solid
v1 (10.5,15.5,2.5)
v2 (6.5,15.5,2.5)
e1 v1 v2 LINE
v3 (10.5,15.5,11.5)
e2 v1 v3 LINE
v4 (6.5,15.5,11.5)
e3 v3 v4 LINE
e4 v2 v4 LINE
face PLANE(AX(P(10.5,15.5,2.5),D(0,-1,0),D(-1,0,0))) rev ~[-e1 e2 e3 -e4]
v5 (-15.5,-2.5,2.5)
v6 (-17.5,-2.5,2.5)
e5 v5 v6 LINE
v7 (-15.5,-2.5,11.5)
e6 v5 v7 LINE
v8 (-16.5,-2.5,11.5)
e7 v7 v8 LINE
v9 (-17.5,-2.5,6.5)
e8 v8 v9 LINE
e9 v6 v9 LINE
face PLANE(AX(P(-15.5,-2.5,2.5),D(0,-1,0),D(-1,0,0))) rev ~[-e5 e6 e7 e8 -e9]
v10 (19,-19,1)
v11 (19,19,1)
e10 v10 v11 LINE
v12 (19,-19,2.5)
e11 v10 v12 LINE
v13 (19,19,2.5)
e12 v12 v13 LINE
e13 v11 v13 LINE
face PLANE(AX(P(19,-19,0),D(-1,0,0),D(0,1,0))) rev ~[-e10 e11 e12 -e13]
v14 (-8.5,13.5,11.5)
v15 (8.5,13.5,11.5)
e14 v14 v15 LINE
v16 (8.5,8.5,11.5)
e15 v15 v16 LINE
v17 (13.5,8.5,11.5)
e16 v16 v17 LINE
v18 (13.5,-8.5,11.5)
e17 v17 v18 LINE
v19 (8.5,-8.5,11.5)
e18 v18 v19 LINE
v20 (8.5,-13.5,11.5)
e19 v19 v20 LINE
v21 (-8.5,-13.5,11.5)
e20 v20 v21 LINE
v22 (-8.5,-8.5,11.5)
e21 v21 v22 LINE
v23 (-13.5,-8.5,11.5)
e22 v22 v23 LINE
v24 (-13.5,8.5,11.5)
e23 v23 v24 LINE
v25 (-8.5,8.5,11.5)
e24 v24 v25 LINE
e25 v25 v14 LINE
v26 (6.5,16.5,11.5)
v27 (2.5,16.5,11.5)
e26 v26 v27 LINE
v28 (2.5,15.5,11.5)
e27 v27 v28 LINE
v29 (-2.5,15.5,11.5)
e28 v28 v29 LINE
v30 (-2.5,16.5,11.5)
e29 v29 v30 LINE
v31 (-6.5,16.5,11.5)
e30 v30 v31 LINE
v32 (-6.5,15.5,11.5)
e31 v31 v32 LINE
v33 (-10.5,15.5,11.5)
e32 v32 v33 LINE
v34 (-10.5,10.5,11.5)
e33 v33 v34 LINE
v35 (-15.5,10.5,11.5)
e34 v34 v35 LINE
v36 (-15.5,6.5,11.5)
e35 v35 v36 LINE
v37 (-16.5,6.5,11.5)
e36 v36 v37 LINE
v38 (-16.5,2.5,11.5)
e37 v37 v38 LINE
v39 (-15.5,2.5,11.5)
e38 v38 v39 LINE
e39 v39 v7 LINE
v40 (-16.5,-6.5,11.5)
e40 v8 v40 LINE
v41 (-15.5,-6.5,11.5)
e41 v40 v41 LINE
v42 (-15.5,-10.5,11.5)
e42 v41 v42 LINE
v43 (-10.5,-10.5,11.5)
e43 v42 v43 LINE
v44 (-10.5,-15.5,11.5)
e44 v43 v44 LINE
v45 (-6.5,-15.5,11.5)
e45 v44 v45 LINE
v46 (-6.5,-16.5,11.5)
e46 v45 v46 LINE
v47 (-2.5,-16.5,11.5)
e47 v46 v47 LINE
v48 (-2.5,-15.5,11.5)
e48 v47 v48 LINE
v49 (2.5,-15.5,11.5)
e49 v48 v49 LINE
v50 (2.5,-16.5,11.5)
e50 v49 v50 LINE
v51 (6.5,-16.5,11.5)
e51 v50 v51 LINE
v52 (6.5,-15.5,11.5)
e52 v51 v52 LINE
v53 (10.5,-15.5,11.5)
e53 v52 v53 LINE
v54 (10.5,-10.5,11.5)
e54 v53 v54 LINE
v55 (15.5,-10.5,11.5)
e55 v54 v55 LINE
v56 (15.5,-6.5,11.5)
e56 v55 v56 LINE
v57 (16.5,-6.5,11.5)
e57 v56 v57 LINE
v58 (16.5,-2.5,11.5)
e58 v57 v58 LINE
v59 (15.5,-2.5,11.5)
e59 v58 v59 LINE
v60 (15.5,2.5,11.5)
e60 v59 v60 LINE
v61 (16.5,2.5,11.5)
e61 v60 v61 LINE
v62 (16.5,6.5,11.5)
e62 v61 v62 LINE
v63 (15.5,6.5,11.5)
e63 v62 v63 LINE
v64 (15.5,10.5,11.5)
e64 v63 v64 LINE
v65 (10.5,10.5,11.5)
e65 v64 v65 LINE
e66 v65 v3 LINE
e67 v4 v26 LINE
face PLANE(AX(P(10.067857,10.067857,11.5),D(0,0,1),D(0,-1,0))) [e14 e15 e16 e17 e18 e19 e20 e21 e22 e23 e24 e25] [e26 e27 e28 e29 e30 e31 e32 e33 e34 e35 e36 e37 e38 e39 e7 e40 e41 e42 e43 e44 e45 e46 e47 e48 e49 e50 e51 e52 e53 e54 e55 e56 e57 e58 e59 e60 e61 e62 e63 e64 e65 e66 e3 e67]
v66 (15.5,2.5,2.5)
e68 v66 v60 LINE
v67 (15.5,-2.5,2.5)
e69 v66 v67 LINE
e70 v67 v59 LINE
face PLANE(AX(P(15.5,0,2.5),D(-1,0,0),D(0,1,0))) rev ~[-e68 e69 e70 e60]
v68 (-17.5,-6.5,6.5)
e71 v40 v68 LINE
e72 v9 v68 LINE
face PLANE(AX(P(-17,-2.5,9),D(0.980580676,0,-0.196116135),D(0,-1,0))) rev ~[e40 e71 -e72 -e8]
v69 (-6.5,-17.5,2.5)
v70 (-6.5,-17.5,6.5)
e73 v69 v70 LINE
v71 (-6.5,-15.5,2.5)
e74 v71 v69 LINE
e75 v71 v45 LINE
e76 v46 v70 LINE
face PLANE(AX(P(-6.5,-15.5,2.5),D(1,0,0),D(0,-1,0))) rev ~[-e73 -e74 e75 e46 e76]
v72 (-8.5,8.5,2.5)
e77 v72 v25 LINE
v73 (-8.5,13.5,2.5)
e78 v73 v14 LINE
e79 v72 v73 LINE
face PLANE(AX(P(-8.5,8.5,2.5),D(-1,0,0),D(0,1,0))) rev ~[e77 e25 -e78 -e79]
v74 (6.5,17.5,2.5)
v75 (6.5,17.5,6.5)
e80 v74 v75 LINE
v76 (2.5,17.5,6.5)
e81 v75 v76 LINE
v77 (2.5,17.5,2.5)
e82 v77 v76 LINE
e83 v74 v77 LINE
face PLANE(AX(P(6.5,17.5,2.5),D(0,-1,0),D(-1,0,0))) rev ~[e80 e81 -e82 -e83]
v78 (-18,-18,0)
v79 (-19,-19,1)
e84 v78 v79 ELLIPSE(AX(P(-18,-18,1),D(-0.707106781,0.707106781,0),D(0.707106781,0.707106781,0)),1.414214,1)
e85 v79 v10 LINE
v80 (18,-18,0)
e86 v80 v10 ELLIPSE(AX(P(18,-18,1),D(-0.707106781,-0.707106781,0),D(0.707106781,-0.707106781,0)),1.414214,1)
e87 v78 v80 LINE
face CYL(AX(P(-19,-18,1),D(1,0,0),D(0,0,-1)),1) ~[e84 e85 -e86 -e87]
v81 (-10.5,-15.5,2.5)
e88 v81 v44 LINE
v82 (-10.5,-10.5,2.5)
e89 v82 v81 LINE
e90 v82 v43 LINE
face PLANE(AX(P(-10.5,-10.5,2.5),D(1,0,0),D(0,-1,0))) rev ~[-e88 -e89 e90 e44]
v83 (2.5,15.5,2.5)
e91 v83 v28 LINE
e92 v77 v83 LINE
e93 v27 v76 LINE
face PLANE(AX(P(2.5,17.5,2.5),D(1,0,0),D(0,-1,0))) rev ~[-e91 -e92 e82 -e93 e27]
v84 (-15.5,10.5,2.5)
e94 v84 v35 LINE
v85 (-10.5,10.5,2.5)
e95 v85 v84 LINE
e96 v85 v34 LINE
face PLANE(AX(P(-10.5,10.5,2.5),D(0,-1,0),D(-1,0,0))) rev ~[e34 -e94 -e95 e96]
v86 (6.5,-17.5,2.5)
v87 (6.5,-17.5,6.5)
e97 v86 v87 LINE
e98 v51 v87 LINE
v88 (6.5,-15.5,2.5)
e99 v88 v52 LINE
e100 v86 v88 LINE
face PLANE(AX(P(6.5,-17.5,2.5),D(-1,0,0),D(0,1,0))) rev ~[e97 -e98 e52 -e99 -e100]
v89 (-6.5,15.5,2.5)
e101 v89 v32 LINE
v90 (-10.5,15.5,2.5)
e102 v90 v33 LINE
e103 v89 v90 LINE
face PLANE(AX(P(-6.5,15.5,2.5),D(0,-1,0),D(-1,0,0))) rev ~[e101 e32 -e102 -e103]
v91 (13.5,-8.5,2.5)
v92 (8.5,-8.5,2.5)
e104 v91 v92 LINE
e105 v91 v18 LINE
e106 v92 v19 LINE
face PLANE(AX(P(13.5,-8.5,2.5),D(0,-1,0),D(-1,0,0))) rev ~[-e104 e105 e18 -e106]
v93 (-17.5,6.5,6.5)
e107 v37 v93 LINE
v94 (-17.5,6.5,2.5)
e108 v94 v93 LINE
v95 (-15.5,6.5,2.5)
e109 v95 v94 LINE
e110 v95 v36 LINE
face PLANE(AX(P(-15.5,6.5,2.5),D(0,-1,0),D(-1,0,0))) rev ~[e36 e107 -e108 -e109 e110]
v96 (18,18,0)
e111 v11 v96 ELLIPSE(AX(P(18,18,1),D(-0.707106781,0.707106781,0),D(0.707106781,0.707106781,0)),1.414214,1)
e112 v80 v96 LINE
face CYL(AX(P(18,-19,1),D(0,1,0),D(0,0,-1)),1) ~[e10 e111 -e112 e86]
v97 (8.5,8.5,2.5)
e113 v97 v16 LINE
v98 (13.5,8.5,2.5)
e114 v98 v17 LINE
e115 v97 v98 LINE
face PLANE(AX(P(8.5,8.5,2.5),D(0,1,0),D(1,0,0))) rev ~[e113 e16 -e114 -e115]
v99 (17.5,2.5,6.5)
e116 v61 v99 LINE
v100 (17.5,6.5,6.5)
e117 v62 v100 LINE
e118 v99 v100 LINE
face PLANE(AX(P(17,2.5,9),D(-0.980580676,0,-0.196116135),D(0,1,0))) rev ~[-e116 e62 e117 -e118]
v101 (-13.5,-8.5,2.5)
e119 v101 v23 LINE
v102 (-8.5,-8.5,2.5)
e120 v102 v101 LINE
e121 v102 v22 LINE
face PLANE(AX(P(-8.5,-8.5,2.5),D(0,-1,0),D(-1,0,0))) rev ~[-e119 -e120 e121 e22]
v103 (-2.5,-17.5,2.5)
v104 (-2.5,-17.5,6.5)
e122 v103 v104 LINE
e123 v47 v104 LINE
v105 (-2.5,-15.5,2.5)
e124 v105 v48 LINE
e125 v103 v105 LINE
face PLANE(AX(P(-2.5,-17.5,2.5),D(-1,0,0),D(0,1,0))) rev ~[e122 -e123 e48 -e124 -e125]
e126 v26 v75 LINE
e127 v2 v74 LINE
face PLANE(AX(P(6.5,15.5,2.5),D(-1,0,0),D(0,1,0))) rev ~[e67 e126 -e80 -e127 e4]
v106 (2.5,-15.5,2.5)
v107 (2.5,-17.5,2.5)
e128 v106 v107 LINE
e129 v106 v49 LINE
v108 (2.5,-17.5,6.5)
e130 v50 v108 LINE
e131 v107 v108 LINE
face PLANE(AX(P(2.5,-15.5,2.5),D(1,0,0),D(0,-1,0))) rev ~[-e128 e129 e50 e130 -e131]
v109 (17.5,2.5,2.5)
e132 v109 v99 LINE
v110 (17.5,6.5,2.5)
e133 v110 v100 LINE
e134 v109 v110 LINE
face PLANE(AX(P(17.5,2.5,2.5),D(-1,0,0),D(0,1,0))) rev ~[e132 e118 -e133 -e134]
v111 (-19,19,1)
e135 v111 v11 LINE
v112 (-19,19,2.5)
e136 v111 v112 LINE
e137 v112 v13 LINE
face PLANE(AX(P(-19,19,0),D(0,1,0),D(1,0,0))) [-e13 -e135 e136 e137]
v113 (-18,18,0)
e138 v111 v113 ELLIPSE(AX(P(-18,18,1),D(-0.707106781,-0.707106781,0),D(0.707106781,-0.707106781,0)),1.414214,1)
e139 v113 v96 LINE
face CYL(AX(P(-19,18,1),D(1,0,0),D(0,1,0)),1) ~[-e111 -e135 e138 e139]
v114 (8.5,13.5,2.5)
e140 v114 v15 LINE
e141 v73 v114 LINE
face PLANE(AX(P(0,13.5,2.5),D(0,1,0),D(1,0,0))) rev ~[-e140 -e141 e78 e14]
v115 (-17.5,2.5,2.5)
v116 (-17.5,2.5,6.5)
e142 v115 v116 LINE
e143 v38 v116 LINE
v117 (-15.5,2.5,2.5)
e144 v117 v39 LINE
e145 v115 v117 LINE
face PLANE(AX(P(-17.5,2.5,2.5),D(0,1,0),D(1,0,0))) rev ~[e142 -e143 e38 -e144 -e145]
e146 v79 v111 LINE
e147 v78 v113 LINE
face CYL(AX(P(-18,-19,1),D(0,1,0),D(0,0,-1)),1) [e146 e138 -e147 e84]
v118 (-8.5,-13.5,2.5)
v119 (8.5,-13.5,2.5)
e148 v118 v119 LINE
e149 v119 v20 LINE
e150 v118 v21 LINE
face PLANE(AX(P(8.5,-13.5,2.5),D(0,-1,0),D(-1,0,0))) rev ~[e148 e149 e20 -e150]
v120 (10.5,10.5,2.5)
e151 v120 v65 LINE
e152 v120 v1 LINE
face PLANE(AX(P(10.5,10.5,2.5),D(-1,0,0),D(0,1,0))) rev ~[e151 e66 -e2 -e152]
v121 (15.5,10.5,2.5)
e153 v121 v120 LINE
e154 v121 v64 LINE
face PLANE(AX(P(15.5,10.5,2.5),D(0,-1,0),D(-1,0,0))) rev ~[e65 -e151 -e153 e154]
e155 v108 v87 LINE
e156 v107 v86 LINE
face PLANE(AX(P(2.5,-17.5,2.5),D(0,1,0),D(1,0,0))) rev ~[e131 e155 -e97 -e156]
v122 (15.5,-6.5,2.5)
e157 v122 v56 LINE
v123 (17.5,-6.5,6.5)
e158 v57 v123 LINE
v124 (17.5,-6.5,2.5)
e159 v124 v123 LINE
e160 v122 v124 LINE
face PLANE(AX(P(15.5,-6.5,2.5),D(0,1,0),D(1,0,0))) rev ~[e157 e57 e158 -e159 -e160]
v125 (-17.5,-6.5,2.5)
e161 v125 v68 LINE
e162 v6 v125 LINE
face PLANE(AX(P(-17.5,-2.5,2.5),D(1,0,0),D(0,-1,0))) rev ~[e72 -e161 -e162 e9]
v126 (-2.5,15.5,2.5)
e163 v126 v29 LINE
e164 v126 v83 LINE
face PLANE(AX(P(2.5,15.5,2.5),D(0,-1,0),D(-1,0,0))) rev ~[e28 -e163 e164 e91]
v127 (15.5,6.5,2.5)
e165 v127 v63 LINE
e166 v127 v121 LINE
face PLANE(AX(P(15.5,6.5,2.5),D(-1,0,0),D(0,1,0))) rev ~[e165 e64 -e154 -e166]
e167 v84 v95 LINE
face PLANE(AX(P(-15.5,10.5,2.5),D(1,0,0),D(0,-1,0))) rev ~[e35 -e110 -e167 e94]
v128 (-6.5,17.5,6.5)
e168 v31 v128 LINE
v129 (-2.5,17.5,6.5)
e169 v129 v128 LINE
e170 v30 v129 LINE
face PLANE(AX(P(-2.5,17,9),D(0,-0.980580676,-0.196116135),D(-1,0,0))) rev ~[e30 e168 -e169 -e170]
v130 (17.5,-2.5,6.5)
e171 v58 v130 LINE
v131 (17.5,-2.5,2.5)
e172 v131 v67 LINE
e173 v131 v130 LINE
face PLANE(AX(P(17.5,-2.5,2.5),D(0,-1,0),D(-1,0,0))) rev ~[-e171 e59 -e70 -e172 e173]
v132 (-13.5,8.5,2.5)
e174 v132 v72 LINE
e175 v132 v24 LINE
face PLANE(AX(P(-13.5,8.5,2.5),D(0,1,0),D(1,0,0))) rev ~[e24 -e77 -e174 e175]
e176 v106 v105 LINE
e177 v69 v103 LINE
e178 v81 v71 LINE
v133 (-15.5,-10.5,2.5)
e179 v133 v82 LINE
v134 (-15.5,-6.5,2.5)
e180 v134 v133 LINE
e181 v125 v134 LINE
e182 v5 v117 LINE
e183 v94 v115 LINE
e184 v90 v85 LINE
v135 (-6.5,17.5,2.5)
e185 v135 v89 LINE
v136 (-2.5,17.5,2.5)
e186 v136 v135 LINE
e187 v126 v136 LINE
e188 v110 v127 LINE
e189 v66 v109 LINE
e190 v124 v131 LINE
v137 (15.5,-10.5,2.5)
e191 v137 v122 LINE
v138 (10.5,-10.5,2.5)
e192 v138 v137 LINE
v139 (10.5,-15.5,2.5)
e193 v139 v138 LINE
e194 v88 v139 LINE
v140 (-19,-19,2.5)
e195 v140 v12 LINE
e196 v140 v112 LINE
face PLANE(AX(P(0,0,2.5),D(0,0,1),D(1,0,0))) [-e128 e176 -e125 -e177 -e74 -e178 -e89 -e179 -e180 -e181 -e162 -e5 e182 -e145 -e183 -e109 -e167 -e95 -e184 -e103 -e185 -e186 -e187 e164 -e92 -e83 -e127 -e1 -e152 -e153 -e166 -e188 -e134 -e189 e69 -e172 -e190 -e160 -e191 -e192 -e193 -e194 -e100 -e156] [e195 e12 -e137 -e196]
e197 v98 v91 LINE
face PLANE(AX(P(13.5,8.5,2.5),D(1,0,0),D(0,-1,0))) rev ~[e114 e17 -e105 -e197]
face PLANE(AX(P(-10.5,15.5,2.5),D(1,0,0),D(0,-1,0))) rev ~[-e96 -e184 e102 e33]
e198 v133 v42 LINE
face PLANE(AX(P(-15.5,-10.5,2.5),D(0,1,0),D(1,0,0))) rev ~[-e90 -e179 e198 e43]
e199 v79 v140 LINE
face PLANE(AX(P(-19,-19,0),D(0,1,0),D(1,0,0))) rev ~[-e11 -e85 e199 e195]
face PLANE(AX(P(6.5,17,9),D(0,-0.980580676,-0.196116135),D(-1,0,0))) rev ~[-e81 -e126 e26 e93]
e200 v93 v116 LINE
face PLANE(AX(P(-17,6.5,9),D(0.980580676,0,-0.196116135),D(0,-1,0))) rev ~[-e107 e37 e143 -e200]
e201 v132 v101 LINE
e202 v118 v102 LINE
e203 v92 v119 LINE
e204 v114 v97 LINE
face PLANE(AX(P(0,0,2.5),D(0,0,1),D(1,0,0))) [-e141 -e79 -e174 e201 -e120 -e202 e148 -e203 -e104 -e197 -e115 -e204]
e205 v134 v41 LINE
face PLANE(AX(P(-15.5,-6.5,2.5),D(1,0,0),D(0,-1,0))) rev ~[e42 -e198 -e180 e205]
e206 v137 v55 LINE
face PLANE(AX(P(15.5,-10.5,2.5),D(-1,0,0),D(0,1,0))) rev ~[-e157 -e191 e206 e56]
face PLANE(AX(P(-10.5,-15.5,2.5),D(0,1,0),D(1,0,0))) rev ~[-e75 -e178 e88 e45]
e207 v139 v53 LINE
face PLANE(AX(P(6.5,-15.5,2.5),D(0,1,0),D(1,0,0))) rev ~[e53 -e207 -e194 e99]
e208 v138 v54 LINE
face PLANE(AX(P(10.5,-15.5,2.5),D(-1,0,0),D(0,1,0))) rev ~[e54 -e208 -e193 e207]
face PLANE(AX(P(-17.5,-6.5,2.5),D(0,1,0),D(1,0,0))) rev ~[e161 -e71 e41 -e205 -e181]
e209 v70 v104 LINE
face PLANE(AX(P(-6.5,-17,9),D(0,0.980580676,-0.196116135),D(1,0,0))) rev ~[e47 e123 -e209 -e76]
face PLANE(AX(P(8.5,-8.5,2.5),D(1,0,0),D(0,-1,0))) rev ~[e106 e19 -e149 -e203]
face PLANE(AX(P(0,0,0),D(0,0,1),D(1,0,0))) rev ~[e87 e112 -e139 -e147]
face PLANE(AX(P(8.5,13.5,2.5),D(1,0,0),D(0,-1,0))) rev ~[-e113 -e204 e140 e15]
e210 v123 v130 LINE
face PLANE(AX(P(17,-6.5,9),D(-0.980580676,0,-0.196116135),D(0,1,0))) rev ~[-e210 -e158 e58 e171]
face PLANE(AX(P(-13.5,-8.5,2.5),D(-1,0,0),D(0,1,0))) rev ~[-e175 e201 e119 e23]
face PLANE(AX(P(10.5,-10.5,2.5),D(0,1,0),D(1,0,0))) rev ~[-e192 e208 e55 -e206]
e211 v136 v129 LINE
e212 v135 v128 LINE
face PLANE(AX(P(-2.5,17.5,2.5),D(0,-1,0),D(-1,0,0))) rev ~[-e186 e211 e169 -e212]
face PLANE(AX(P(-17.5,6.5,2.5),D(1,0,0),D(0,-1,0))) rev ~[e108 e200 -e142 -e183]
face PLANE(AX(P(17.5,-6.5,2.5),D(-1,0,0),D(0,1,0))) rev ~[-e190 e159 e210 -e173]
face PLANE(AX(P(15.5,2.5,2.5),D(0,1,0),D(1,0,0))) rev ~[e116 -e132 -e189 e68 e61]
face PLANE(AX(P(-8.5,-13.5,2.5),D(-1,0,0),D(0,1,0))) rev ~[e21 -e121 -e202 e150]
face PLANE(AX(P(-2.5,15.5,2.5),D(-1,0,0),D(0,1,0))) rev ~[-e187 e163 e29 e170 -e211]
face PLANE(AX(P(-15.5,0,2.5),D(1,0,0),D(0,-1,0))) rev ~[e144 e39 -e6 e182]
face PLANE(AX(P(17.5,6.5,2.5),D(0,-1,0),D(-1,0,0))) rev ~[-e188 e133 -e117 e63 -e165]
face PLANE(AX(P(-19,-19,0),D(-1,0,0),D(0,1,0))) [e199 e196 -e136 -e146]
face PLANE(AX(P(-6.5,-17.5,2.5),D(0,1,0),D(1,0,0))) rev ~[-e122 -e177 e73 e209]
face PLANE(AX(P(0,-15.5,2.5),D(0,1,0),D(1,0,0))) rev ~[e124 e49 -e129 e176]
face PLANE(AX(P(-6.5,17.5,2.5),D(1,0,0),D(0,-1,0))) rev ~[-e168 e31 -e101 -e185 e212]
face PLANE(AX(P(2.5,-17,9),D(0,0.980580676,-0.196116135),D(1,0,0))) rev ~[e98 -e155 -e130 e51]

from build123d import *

# Parameters (mm, degrees)
F0_W     = 38
F0_H     = 38
F1_DEPTH = 2.5
F3_DEPTH = 9
F4_SIZE2 = 5
F4_SIZE  = 1
F6_COUNT = 4
F7_R     = 1


with BuildPart() as f1:
    # F0 (on Top) → F1 (new body)
    with BuildSketch(Plane.XY):
        Rectangle(F0_W, F0_H)
    extrude(amount=F1_DEPTH)



with BuildPart() as f3:
    # F2 (on face) → F3 (new body)
    with BuildSketch(Plane.XY.offset(2.5)):
        Polygon((-15.5, 0), (-13.5, 0), (-13.5, 8.5), (-8.5, 8.5), (-8.5, 13.5), (0, 13.5), (0, 15.5), (-2.5, 15.5), (-2.5, 17.5), (-6.5, 17.5), (-6.5, 15.5), (-10.5, 15.5), (-10.5, 10.5), (-15.5, 10.5), (-15.5, 6.5), (-17.5, 6.5), (-17.5, 2.5), (-15.5, 2.5), align=None)
    extrude(amount=F3_DEPTH)

    # F4
    f4_edges = [f3.edges().sort_by_distance(p)[0] for p in [
        (-17.5, 4.5, 11.5),
        (-4.5, 17.5, 11.5),
    ]]
    f4_side = f3.faces().sort_by_distance((-10.131757, 10.131757, 11.5))[0]
    chamfer(f4_edges, length=F4_SIZE, length2=F4_SIZE2, reference=f4_side)


with BuildPart() as f1_1:
    add(f1.part)

    add(f3.part)  # F6 merges F3
    # F6: F3 ×4 about axis
    f6_axis = Axis((0, 0, 21.3143786676), (0, 0, 1))
    for i in range(1, F6_COUNT):
        add(f3.part.rotate(f6_axis, i * 360 / F6_COUNT))

    # F7
    f7_edges = [f1_1.edges().sort_by_distance(p)[0] for p in [
        (0, 19, 0),
        (-19, 0, 0),
        (0, -19, 0),
        (19, 0, 0),
    ]]
    fillet(f7_edges, radius=F7_R)


solid = f1_1.part
